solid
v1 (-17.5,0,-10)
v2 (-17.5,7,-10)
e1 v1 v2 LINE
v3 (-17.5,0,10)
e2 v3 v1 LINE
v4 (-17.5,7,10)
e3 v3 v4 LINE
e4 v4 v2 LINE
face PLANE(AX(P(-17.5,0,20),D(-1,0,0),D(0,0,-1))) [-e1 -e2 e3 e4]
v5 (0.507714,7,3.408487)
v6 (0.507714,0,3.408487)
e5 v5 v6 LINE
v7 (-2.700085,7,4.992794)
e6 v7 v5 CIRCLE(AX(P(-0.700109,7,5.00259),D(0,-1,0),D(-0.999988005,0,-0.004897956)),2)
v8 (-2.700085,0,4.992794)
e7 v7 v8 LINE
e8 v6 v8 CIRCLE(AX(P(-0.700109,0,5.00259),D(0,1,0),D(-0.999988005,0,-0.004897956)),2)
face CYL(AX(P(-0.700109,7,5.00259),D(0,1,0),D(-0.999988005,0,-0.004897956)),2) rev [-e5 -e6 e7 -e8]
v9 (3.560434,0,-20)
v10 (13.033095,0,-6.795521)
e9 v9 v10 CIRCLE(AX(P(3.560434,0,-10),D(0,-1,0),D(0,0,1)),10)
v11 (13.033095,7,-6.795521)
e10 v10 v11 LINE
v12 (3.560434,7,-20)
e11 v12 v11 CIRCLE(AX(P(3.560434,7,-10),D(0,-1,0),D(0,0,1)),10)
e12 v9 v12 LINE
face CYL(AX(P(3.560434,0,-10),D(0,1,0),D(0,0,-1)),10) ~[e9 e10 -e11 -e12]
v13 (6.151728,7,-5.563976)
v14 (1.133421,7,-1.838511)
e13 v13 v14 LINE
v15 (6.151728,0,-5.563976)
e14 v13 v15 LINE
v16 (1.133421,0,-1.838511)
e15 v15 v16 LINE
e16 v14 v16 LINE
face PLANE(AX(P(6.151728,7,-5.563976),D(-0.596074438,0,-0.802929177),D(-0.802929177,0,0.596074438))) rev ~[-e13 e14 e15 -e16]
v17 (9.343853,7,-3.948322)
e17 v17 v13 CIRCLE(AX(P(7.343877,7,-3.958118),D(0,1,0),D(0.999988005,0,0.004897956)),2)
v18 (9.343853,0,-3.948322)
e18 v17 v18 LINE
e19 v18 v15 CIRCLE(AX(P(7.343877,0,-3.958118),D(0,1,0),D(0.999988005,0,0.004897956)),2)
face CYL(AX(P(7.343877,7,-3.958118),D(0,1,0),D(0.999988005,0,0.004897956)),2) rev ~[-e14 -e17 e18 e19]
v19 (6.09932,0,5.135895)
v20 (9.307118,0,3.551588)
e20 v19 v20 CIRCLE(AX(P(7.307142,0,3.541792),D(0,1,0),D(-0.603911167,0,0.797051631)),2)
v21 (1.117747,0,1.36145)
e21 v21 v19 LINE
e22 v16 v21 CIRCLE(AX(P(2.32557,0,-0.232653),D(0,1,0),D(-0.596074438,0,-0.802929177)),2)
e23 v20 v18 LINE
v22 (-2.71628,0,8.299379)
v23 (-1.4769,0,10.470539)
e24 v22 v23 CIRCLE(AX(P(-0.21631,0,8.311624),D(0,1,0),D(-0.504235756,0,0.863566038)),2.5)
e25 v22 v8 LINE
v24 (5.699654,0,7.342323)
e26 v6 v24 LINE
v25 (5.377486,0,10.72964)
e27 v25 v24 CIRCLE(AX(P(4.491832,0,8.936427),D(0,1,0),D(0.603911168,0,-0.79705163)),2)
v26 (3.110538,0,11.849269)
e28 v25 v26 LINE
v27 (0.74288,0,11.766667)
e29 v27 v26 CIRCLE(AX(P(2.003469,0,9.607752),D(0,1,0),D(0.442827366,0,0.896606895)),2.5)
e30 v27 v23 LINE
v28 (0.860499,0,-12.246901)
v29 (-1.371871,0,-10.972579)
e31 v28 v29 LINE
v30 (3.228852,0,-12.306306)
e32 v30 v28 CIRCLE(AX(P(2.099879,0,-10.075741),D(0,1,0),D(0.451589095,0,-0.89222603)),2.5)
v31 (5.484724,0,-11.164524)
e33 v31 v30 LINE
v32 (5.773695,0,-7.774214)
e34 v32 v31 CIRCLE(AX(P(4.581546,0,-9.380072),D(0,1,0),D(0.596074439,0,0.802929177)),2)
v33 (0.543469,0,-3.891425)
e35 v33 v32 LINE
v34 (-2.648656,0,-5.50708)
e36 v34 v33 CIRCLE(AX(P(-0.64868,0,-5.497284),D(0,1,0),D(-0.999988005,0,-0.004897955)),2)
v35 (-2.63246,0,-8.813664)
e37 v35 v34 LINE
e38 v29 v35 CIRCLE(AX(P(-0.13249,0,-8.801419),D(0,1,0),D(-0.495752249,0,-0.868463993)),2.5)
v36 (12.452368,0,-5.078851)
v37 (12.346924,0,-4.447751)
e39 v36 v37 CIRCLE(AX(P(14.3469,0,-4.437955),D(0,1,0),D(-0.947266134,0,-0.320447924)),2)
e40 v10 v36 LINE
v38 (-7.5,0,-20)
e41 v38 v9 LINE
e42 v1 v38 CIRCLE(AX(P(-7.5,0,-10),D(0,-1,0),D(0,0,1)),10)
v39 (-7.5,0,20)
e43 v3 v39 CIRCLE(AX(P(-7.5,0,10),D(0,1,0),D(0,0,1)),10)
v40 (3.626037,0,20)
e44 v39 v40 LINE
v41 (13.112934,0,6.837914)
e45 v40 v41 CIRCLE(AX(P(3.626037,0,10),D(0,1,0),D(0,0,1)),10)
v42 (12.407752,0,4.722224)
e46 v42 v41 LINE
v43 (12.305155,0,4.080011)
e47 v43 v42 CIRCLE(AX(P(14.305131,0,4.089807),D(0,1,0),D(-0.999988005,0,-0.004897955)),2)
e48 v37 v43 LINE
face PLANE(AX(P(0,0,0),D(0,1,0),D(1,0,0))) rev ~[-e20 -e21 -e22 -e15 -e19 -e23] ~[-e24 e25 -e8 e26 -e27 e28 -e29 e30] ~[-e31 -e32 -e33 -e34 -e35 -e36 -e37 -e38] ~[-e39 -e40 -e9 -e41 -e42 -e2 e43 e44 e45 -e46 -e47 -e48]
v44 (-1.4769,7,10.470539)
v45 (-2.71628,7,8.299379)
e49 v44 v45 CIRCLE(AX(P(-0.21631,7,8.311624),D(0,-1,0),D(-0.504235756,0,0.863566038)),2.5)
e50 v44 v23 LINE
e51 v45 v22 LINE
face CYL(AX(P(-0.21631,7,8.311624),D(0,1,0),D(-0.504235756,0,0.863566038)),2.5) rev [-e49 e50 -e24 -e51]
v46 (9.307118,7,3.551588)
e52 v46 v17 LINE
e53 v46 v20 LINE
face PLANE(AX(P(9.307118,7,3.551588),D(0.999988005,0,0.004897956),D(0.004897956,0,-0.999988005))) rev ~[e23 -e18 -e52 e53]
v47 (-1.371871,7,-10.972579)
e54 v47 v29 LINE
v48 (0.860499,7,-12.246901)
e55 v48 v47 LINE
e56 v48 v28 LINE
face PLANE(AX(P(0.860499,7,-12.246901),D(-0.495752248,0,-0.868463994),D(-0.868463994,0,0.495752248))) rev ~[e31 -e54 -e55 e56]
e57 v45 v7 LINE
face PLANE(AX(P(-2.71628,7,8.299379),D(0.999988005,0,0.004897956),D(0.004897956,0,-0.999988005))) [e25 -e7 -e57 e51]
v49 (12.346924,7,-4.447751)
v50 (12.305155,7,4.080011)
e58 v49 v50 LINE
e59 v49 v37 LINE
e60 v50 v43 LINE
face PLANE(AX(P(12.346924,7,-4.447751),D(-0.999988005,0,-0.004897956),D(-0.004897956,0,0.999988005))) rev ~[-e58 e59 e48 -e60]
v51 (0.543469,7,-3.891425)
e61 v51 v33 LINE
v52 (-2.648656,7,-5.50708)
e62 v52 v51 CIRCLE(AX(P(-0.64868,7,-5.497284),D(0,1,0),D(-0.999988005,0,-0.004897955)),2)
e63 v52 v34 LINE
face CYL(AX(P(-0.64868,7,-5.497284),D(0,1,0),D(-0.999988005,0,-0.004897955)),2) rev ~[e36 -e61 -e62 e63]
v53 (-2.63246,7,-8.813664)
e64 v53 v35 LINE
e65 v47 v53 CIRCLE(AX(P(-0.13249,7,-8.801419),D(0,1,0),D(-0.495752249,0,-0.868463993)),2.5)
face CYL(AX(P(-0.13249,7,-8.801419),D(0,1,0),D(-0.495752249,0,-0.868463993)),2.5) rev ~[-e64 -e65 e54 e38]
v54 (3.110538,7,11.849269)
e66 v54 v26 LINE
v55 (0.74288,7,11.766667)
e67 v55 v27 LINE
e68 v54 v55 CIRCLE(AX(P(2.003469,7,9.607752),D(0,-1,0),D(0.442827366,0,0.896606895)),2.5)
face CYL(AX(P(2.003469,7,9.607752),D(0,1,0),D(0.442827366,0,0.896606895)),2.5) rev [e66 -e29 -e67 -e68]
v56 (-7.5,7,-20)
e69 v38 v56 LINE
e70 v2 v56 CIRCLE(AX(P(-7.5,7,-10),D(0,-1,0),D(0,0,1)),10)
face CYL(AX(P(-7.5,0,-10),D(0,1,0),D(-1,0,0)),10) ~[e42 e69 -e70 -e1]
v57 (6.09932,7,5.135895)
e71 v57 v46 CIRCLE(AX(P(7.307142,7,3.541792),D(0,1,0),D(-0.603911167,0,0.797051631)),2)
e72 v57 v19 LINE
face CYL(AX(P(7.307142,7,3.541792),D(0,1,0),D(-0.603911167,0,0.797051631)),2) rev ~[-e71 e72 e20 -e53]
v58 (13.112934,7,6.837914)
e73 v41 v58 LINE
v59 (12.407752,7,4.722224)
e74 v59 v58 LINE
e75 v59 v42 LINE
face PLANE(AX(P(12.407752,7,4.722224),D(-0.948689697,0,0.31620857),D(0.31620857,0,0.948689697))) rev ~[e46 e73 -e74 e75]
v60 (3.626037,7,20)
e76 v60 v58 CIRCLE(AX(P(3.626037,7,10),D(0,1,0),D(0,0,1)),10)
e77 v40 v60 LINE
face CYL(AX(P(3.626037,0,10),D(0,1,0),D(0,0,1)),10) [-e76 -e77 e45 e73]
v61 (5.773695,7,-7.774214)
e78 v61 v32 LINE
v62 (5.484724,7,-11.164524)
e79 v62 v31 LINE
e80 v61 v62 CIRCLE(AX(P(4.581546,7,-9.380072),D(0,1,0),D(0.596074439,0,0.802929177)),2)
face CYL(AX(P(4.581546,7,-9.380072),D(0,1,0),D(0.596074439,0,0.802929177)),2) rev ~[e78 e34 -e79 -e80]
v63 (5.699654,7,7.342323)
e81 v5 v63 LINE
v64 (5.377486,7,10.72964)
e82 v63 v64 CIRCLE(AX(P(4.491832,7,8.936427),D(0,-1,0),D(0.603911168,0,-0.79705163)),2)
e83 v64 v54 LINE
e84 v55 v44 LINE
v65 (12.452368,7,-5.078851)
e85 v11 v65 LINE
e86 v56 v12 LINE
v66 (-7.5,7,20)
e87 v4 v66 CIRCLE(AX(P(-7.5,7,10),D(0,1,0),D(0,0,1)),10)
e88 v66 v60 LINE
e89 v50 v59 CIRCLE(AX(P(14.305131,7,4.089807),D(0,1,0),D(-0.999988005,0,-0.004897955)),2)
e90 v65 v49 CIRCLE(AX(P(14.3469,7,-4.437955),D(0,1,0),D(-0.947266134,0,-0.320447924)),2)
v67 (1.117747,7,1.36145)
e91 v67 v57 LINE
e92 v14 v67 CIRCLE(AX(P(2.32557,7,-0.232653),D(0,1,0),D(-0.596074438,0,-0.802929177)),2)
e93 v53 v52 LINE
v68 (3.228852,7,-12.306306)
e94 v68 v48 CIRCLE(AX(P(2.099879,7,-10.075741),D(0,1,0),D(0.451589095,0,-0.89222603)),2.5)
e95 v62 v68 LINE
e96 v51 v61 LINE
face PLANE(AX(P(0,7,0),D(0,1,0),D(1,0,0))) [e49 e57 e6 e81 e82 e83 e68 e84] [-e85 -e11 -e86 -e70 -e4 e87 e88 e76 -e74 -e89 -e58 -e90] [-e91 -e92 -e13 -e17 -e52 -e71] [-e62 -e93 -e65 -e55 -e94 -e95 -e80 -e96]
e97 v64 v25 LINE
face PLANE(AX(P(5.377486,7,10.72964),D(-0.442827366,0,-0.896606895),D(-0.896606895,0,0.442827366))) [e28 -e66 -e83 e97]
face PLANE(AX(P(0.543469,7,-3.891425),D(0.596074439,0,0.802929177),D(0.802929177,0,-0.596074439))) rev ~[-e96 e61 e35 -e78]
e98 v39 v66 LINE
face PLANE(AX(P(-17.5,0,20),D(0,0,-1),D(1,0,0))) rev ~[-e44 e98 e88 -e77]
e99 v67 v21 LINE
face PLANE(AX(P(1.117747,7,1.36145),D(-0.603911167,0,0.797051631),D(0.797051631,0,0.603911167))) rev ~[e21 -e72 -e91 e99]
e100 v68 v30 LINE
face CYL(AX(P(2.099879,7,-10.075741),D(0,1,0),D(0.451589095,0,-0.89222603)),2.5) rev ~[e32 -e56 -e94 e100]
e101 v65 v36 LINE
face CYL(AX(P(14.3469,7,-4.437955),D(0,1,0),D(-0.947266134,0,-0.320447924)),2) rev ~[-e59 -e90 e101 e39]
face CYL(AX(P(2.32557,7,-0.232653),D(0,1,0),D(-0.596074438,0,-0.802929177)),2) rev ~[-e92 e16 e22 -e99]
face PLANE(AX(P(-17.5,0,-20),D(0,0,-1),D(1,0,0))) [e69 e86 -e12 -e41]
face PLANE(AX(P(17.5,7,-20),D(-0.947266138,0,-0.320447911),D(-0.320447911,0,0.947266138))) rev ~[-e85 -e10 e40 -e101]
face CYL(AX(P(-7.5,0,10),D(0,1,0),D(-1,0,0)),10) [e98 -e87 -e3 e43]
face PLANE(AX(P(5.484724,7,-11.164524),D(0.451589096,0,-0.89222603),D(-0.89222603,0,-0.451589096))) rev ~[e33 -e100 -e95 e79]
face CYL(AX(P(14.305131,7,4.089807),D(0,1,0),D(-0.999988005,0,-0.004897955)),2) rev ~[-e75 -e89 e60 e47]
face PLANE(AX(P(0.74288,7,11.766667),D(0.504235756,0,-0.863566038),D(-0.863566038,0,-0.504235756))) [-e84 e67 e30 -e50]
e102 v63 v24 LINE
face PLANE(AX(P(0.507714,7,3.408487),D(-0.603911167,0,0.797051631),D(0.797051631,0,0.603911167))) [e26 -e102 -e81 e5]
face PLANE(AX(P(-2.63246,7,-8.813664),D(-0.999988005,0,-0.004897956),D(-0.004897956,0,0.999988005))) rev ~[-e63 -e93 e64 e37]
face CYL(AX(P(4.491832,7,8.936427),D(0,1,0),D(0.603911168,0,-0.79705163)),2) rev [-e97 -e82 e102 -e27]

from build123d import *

# Parameters (mm, degrees)
SKETCH1_W           = 35
SKETCH1_H           = 40
BOSS_EXTRUDE1_DEPTH = 7
CUT_EXTRUDE1_DEPTH  = 8
FILLET1_R           = 10


with BuildPart() as part:
    # Sketch1 → Boss-Extrude1 (new body)
    with BuildSketch(Plane(origin=(0, 0, 0), x_dir=(1, 0, 0), z_dir=(0, 1, 0))):
        Rectangle(SKETCH1_W, SKETCH1_H)
    extrude(amount=BOSS_EXTRUDE1_DEPTH)

    # Sketch2 → Cut-Extrude1 (cut)
    with BuildSketch(Plane(origin=(0, 7, 0), x_dir=(1, 0, 0), z_dir=(0, 1, 0))):
        with BuildLine():
            Line((15.25007819, 6.222406887), (17.5, 5.083636977))
            Line((17.5, 5.083636977), (17.5, 20))
            Line((17.5, 20), (12.452367732, 5.078850678))
            ThreePointArc((12.452367732, 5.078850678), (13.590179491, 6.289271676), (15.25007819, 6.222406887))
        make_face()
        with BuildLine():
            Line((17.5, -4.742517197), (17.5, 5.083636977))
            Line((17.5, 5.083636977), (15.25007819, 6.222406887))
            ThreePointArc((15.25007819, 6.222406887), (13.590179491, 6.289271676), (12.452367732, 5.078850678))
            ThreePointArc((12.452367732, 5.078850678), (12.374244311, 4.767544782), (12.346923988, 4.447750739))
            Line((12.346923988, 4.447750739), (12.305154889, -4.080011014))
            ThreePointArc((12.305154889, -4.080011014), (12.330174144, -4.405315746), (12.407751507, -4.722224068))
            ThreePointArc((12.407751507, -4.722224068), (13.535222521, -5.935678289), (15.190785632, -5.883020714))
            Line((15.190785632, -5.883020714), (17.5, -4.742517197))
        make_face()
        with BuildLine():
            Line((17.5, -20), (17.5, -4.742517197))
            Line((17.5, -4.742517197), (15.190785632, -5.883020714))
            ThreePointArc((15.190785632, -5.883020714), (13.535222521, -5.935678289), (12.407751507, -4.722224068))
            Line((12.407751507, -4.722224068), (17.5, -20))
        make_face()
        with BuildLine():
            Line((1.11774743, -1.361450371), (6.099320122, -5.135895168))
            ThreePointArc((6.099320122, -5.135895168), (8.192797189, -5.335005696), (9.307118466, -3.551587818))
            Line((9.307118466, -3.551587818), (9.343853133, 3.94832222))
            ThreePointArc((9.343853133, 3.94832222), (8.247055315, 5.742570191), (6.151728246, 5.563976485))
            Line((6.151728246, 5.563976485), (1.133420888, 1.838511245))
            ThreePointArc((1.133420888, 1.838511245), (0.325593755, 0.242448801), (1.11774743, -1.361450371))
        make_face()
        with BuildLine():
            Line((-2.632460294, 8.813664358), (-2.648655993, 5.507079694))
            ThreePointArc((-2.648655993, 5.507079694), (-1.551858174, 3.712831723), (0.543468894, 3.891425428))
            Line((0.543468894, 3.891425428), (5.773694974, 7.774213801))
            ThreePointArc((5.773694974, 7.774213801), (6.574320559, 9.549924863), (5.484724289, 11.164524215))
            Line((5.484724289, 11.164524215), (3.228851981, 12.306305896))
            ThreePointArc((3.228851981, 12.306305896), (2.037191792, 12.574954754), (0.86049862, 12.246900805))
            Line((0.86049862, 12.246900805), (-1.371870903, 10.972579453))
            ThreePointArc((-1.371870903, 10.972579453), (-2.291405376, 10.06200886), (-2.632460294, 8.813664358))
        make_face()
        with BuildLine():
            Line((0.507713818, -3.408487008), (5.699653959, -7.3423233))
            ThreePointArc((5.699653959, -7.3423233), (6.482846631, -9.125791927), (5.377486357, -10.729640351))
            Line((5.377486357, -10.729640351), (3.110537628, -11.849269189))
            ThreePointArc((3.110537628, -11.849269189), (1.916302986, -12.1062319), (0.742879821, -11.766667047))
            Line((0.742879821, -11.766667047), (-1.476899604, -10.470539006))
            ThreePointArc((-1.476899604, -10.470539006), (-2.387470197, -9.551004532), (-2.716280225, -8.299379022))
            Line((-2.716280225, -8.299379022), (-2.700084526, -4.992794358))
            ThreePointArc((-2.700084526, -4.992794358), (-1.585763249, -3.20937648), (0.507713818, -3.408487008))
        make_face()
    extrude(amount=-CUT_EXTRUDE1_DEPTH, mode=Mode.SUBTRACT)

    # Fillet1
    fillet1_edges = [part.edges().sort_by_distance(p)[0] for p in [
        (17.5, 3.5, 20),
        (-17.5, 3.5, 20),
        (-17.5, 3.5, -20),
        (17.5, 3.5, -20),
    ]]
    fillet(fillet1_edges, radius=FILLET1_R)


solid = part.part
